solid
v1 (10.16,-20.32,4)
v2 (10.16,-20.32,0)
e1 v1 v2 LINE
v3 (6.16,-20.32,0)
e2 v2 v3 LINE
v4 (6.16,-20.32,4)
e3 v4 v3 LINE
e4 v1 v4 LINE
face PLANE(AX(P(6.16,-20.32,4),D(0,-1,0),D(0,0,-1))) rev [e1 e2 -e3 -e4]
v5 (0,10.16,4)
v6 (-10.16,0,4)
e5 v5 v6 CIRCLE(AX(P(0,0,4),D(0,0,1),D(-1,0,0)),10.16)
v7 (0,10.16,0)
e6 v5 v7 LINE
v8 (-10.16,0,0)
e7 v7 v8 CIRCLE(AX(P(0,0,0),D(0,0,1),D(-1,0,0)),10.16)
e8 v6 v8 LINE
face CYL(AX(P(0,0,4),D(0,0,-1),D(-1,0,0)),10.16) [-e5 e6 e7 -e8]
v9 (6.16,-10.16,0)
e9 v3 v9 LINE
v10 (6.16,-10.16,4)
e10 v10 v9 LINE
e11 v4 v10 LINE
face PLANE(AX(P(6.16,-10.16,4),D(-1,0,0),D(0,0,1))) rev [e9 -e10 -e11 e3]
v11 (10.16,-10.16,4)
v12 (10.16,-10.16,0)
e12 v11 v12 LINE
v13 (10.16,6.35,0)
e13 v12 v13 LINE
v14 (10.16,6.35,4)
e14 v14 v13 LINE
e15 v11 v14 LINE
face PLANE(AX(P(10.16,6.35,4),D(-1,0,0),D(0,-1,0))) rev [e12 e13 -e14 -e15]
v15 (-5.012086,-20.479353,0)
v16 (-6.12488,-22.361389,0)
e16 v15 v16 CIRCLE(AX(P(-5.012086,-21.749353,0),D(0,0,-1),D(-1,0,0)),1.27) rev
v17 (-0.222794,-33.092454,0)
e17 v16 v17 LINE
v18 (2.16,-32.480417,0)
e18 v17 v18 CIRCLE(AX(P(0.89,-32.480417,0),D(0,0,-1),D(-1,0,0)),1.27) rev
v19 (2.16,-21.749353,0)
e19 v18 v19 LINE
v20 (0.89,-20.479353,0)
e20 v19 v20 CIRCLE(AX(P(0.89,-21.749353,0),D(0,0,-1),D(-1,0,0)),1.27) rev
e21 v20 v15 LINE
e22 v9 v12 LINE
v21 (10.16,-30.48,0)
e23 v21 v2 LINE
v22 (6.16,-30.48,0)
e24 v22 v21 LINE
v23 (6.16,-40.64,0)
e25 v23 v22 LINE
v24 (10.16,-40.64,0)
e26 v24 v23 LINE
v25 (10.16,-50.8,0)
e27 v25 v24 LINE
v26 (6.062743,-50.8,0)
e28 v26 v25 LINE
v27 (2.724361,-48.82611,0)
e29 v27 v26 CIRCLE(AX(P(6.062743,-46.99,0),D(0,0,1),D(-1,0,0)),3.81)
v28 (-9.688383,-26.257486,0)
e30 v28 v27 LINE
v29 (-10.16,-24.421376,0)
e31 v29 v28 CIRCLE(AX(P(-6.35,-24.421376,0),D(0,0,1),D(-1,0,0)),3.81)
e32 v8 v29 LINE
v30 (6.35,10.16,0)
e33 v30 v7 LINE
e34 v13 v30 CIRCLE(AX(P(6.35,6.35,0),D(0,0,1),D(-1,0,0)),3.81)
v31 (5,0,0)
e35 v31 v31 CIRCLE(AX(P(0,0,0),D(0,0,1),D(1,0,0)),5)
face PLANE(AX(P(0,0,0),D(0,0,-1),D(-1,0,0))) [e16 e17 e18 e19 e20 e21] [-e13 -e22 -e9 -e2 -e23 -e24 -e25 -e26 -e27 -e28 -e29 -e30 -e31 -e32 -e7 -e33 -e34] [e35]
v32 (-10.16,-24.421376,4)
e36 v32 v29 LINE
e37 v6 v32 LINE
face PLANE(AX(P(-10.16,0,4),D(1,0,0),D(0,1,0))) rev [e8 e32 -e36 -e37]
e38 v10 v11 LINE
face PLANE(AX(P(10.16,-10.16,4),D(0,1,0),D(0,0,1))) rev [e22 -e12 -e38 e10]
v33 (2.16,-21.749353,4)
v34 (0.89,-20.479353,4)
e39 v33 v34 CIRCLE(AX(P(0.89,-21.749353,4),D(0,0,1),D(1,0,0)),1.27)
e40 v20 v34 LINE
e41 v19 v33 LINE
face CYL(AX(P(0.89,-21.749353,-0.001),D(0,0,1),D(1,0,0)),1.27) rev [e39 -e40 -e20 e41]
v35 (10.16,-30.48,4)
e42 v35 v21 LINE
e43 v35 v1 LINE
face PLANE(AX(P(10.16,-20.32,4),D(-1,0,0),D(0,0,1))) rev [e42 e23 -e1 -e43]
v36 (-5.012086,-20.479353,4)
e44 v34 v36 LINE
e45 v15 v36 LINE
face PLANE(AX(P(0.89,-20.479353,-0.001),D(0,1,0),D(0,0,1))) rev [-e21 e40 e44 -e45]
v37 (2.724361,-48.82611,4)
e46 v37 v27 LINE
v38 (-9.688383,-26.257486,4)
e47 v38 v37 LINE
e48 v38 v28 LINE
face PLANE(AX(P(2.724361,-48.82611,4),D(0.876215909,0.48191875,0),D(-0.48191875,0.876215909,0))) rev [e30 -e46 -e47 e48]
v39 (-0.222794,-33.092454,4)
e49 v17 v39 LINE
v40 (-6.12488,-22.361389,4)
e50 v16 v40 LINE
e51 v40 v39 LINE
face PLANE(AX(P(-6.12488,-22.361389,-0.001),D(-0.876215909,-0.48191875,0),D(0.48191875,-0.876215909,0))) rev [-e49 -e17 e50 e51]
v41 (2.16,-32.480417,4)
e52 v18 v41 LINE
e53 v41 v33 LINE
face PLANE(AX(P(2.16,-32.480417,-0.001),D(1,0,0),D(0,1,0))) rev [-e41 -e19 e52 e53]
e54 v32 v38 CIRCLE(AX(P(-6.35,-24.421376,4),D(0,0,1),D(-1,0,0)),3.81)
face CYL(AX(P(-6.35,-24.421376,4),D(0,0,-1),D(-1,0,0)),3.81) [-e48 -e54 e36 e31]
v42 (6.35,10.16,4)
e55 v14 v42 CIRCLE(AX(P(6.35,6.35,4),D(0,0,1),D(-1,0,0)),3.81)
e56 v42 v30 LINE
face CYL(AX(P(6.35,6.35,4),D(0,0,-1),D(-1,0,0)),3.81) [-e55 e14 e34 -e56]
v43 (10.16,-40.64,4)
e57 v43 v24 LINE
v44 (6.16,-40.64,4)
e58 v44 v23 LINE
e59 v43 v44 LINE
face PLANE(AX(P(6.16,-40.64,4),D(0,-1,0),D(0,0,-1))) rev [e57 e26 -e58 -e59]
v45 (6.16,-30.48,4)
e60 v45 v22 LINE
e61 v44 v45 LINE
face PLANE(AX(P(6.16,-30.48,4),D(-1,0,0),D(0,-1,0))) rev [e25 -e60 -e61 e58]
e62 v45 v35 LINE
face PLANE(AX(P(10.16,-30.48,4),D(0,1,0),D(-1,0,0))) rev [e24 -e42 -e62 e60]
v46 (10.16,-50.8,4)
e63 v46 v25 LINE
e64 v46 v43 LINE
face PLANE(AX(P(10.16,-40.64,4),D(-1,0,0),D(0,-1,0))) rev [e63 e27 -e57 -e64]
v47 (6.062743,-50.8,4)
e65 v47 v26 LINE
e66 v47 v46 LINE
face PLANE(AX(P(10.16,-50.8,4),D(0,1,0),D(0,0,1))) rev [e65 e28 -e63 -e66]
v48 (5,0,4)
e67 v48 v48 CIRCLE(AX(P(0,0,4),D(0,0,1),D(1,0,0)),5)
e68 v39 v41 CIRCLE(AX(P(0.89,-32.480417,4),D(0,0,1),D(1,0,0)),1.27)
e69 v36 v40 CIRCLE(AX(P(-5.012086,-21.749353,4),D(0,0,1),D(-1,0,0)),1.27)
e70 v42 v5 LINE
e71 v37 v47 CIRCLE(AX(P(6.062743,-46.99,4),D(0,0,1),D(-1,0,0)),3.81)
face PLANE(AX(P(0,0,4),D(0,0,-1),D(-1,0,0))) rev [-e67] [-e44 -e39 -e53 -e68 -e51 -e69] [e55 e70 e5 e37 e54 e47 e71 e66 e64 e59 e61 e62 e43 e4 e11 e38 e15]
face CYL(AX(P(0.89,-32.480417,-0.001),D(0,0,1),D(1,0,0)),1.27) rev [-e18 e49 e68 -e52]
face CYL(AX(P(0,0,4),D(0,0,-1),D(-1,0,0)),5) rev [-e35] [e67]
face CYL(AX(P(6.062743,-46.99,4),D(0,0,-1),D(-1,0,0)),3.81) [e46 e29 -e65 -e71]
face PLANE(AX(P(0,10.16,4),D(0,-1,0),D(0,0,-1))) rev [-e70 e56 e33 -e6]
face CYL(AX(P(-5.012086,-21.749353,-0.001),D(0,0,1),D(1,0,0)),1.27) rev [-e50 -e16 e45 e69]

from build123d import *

# Parameters (mm, degrees)
SKETCH1_R           = 5
BOSS_EXTRUDE2_DEPTH = 4
CUT_EXTRUDE1_REACH  = 53.96


with BuildPart() as part:
    # Sketch1 → Boss-Extrude2 (new body)
    with BuildSketch(Plane.XY):
        with BuildLine():
            Line((10.16, 6.35), (10.16, -10.16))
            Line((10.16, -10.16), (6.16, -10.16))
            Line((6.16, -10.16), (6.16, -20.32))
            Line((6.16, -20.32), (10.16, -20.32))
            Line((10.16, -20.32), (10.16, -30.48))
            Line((10.16, -30.48), (6.16, -30.48))
            Line((6.16, -30.48), (6.16, -40.64))
            Line((6.16, -40.64), (10.16, -40.64))
            Line((10.16, -40.64), (10.16, -50.8))
            Line((10.16, -50.8), (6.062743352, -50.8))
            ThreePointArc((6.062743352, -50.8), (4.123604466, -50.269609791), (2.72436074, -48.826110437))
            Line((2.72436074, -48.826110437), (-9.688382612, -26.25748616))
            ThreePointArc((-9.688382612, -26.25748616), (-10.040212579, -25.36923179), (-10.16, -24.421375723))
            Line((-10.16, -24.421375723), (-10.16, 0))
            ThreePointArc((-10.16, 0), (-7.184204897, 7.184204897), (0, 10.16))
            Line((0, 10.16), (6.35, 10.16))
            ThreePointArc((6.35, 10.16), (9.044076836, 9.044076836), (10.16, 6.35))
        make_face()
        Circle(SKETCH1_R, mode=Mode.SUBTRACT)
    extrude(amount=BOSS_EXTRUDE2_DEPTH)

    # Sketch2 → Cut-Extrude1 (cut, up to next)
    with BuildSketch(Plane.XY.offset(4), mode=Mode.PRIVATE) as cut_extrude1_sk1:
        with BuildLine():
            Line((-6.124879753, -22.361389348), (-0.222794204, -33.092453983))
            ThreePointArc((-0.222794204, -33.092453983), (1.205952022, -33.71048803), (2.16, -32.480417171))
            Line((2.16, -32.480417171), (2.16, -21.749352536))
            ThreePointArc((2.16, -21.749352536), (1.788025612, -20.851326924), (0.89, -20.479352536))
            Line((0.89, -20.479352536), (-5.012085549, -20.479352536))
            ThreePointArc((-5.012085549, -20.479352536), (-6.105288813, -21.102972907), (-6.124879753, -22.361389348))
        make_face()
    cut_extrude1_tool1 = extrude(cut_extrude1_sk1.sketch, amount=-CUT_EXTRUDE1_REACH, mode=Mode.PRIVATE) & part.part
    add(cut_extrude1_tool1.solids().sort_by_distance((-1.019639, -25.736268, 4))[0], mode=Mode.SUBTRACT)


solid = part.part
